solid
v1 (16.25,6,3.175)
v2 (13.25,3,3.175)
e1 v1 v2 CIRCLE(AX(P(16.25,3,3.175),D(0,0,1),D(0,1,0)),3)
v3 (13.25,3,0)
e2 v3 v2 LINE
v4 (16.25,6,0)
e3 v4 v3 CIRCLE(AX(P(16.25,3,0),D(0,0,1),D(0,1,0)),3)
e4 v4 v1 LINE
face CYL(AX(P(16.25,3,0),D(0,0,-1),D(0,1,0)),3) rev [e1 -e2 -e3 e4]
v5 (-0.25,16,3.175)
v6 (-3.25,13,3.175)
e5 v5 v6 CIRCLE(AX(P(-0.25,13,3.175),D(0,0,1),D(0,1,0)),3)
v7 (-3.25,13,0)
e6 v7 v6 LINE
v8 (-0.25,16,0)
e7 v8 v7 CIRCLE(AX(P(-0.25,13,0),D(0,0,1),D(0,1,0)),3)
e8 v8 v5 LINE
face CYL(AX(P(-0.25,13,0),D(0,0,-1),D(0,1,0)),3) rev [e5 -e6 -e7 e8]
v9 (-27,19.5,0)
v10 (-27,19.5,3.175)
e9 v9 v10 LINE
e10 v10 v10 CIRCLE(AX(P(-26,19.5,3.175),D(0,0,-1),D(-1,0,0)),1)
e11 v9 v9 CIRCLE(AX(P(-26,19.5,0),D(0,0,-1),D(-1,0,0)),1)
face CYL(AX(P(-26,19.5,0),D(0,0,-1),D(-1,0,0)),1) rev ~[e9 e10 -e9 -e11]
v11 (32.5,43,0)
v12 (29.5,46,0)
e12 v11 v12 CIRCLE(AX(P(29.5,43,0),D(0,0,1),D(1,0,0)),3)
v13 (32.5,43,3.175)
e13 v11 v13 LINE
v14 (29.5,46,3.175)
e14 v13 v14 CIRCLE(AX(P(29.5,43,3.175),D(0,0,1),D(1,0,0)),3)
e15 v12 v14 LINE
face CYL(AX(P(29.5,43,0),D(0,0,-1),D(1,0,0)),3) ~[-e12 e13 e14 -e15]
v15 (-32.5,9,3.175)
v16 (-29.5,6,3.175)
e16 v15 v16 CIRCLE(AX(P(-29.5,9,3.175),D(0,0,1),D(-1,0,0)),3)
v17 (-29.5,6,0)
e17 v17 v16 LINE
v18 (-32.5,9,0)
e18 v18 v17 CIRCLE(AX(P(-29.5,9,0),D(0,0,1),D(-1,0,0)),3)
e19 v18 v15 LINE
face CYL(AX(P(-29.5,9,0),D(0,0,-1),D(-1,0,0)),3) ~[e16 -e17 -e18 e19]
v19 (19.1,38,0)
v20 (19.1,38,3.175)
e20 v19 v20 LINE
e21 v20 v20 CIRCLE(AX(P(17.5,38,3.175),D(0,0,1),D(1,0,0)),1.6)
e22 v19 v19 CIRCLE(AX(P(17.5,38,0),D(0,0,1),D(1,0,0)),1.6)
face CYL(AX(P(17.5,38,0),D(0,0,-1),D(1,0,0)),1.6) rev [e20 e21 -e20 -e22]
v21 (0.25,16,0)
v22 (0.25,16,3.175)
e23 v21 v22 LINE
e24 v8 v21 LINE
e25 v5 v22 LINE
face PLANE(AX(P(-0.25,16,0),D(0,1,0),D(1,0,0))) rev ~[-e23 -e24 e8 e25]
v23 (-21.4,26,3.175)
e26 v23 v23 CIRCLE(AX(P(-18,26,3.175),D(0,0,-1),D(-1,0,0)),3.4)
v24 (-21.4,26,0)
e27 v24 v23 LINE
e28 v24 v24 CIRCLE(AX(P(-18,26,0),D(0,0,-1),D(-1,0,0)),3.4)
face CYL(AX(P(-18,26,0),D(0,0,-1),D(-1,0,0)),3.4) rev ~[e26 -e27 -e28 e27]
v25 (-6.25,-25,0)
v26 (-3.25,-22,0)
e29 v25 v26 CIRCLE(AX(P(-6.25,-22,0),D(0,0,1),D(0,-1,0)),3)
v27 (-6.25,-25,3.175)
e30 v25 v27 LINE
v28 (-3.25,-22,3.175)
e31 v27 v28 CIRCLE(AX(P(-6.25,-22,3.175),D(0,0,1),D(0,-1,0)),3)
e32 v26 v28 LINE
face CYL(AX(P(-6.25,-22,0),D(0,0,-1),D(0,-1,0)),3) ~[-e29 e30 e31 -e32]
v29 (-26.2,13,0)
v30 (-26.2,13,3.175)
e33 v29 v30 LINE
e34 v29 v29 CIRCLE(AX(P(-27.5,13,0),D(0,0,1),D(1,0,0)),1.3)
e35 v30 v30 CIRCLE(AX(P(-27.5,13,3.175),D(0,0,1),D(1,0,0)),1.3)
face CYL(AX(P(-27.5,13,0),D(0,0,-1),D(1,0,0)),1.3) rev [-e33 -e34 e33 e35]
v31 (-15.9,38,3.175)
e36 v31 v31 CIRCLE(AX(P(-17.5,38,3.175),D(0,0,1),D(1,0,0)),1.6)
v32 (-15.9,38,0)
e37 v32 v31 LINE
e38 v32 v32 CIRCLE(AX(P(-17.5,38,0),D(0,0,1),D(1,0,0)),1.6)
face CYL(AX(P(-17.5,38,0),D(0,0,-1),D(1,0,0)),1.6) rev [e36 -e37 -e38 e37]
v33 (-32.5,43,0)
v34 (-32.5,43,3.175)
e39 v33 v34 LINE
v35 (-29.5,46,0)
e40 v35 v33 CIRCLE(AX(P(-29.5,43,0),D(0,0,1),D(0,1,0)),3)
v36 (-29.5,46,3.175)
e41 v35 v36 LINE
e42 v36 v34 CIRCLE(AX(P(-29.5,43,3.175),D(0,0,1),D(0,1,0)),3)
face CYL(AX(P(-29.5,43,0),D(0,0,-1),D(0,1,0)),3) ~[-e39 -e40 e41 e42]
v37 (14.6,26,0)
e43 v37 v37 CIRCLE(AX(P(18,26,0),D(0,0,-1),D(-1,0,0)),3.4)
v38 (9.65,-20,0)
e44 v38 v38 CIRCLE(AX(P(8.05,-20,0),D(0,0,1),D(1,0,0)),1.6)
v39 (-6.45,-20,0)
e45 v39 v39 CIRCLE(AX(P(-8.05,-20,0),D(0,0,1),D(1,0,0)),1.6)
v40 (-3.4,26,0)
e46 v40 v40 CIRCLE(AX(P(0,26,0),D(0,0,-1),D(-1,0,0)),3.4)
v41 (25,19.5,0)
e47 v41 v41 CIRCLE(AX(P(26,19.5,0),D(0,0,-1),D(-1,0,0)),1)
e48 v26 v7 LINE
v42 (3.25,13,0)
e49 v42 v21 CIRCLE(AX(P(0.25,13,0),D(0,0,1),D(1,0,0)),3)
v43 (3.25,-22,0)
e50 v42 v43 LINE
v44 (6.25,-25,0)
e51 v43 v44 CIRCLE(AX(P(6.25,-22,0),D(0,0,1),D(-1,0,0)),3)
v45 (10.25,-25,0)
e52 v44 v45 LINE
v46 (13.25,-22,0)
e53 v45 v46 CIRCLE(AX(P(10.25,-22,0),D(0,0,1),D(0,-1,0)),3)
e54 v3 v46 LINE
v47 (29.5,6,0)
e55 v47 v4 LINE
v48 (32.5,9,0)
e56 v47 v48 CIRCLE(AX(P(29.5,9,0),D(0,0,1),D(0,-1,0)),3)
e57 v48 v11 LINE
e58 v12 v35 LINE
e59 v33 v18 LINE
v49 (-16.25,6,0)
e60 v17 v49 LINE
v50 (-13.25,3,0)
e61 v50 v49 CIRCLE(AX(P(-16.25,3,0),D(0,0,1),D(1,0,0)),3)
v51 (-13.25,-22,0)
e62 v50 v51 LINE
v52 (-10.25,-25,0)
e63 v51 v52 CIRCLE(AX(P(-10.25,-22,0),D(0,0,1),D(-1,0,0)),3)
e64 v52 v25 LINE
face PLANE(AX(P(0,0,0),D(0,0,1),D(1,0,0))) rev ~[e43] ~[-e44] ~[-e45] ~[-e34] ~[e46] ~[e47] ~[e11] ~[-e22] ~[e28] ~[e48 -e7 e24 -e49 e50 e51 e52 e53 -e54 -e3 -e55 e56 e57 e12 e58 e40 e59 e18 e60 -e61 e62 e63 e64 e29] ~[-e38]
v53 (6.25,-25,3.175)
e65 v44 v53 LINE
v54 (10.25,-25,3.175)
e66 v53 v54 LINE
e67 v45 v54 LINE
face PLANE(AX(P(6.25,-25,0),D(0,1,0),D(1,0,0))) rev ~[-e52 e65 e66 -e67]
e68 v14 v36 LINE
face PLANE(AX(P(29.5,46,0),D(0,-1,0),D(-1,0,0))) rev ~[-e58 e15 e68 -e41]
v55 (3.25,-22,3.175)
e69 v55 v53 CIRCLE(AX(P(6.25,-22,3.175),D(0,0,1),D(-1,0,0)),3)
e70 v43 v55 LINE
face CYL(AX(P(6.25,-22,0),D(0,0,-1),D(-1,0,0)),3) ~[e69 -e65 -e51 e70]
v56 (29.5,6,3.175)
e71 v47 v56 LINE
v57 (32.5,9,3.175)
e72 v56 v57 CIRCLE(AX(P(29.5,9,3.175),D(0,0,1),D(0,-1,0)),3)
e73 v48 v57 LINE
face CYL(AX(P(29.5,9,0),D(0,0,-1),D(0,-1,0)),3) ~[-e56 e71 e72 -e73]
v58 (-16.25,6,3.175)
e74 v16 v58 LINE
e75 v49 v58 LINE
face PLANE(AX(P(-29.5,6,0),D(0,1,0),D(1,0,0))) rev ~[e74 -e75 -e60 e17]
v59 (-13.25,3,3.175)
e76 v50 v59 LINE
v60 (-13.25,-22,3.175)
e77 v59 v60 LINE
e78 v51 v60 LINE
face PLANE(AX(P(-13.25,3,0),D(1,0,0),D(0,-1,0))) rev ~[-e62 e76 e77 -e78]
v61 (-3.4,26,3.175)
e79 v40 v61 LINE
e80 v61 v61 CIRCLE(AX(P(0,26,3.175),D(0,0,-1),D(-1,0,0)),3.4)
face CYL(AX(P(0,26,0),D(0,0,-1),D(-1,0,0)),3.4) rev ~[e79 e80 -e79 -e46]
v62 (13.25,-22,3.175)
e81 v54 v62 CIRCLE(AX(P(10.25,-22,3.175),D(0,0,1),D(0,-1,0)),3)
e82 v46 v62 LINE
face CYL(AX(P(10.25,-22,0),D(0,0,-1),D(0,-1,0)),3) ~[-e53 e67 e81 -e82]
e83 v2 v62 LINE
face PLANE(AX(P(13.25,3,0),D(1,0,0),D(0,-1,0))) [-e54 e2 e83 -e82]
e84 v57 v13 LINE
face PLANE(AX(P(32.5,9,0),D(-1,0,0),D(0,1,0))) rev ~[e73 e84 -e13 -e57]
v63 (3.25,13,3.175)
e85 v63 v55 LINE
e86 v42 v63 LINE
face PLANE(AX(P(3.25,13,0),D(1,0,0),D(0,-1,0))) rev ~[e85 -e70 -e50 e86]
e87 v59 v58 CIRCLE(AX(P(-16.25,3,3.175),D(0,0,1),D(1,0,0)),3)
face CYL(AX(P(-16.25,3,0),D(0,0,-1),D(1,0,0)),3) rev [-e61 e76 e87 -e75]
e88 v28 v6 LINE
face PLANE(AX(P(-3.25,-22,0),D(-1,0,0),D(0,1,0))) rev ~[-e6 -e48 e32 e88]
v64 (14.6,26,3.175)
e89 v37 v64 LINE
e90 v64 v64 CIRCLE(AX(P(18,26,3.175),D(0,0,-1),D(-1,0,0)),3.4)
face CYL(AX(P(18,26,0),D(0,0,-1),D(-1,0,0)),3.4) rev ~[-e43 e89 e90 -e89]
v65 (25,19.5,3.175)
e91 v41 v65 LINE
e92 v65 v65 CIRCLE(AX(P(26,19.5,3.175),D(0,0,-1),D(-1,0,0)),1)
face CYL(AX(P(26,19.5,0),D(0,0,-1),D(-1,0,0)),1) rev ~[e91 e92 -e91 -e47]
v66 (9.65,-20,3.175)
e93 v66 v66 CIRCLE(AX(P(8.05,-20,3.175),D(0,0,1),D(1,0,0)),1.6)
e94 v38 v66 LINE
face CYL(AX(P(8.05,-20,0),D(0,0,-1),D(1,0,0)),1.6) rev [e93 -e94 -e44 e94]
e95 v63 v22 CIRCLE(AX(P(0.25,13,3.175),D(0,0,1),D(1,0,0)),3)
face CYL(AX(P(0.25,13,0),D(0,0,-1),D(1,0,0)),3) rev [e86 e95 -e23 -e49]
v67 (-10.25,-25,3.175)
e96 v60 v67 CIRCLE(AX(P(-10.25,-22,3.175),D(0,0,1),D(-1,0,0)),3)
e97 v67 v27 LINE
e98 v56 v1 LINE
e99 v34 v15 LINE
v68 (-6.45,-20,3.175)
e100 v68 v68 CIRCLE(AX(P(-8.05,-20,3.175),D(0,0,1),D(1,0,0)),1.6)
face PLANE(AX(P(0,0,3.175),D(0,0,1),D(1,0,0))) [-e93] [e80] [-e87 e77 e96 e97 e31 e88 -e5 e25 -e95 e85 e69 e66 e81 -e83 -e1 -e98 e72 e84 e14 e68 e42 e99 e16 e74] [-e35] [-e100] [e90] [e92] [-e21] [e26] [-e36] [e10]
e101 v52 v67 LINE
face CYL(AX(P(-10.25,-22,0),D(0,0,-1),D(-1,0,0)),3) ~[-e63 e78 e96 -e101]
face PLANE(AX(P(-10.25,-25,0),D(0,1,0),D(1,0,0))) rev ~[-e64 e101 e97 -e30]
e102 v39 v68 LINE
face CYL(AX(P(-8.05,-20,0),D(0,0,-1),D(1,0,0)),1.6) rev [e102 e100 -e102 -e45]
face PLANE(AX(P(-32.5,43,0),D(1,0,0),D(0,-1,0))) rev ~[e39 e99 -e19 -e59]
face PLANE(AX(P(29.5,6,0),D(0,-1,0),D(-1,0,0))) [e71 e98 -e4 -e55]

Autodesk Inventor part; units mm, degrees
ref_plane "YZ Plane" through (0, 0, 0) normal (1, 0, 0) x (0, 1, 0)
ref_plane "XZ Plane" through (0, 0, 0) normal (0, 1, 0) x (-1, 0, 0)
ref_plane "XY Plane" through (0, 0, 0) normal (0, 0, 1) x (1, 0, 0)
sketch "Sketch2" plane through (0, 0, 0) normal (0, 0, 1) x (1, 0, 0)
  line L0 (-10.25, -25) -> (-6.25, -25)
  line L1 (-3.25, -22) -> (-3.25, 13)
  line L2 (-0.25, 16) -> (0.25, 16)
  line L3 (3.25, 13) -> (3.25, -22)
  line L4 (6.25, -25) -> (10.25, -25)
  line L5 (29.5, 46) -> (-29.5, 46)
  line L6 (-32.5, 43) -> (-32.5, 9)
  line L7 (0, 0) -> (0, 46) construction
  circle A0 centre (-17.5, 38) radius 1.6
  circle A1 centre (17.5, 38) radius 1.6
  circle A2 centre (-8.05, -20) radius 1.6
  circle A3 centre (8.05, -20) radius 1.6
  line L8 (0, 0) -> (32.5, 0) construction
  arc A4 (-0.25, 16) -> (-3.25, 13) centre (-0.25, 13) ccw
  arc A5 (3.25, 13) -> (0.25, 16) centre (0.25, 13) ccw
  arc A6 (-29.5, 46) -> (-32.5, 43) centre (-29.5, 43) ccw
  arc A7 (32.5, 43) -> (29.5, 46) centre (29.5, 43) ccw
  arc A8 (3.25, -22) -> (6.25, -25) centre (6.25, -22) ccw
  arc A9 (-6.25, -25) -> (-3.25, -22) centre (-6.25, -22) ccw
  circle A10 centre (-27.5, 13) radius 1.3
  line L9 (29.5, 6) -> (16.25, 6)
  line L10 (13.25, 3) -> (13.25, -22)
  line L11 (-29.5, 6) -> (-16.25, 6)
  line L12 (-13.25, 3) -> (-13.25, -22)
  line L13 (32.5, 9) -> (32.5, 43)
  arc A11 (10.25, -25) -> (13.25, -22) centre (10.25, -22) ccw
  arc A12 (-13.25, -22) -> (-10.25, -25) centre (-10.25, -22) ccw
  arc A13 (16.25, 6) -> (13.25, 3) centre (16.25, 3) ccw
  arc A14 (-13.25, 3) -> (-16.25, 6) centre (-16.25, 3) ccw
  arc A15 (29.5, 6) -> (32.5, 9) centre (29.5, 9) ccw
  arc A16 (-32.5, 9) -> (-29.5, 6) centre (-29.5, 9) ccw
  point P0 (-3.25, 16)
  point P1 (3.25, 16)
  point P2 (3.25, -25)
  point P3 (32.5, 6)
  point P4 (13.25, 6)
  point P5 (-13.25, 6)
  point P6 (13.25, -25)
  point P7 (-13.25, -25)
  point P8 (-32.5, 6)
  dimension "d1" = 16.1
  dimension "d3" = 16
  dimension "d4" = 20
  dimension "d5" = 5
  dimension "d6" = 6.5
  dimension "d7" = 3.2
  dimension "d13" = 8
  dimension "d14" = 15
  dimension "d16" = 30
  dimension "d18" = 3.2
  dimension "d19" = 3
  dimension "d20" = 3
  dimension "d23" = 5
  dimension "d24" = 33
  dimension "d25" = 2.6
  dimension "d26" = 32.5
  dimension "d27" = 10
  dimension "d28" = 3
  dimension "d29" = 40
extrude "Extrusion1" add sketch "Sketch2" along normal blind 3.175
sketch "Sketch3" plane through (0, 0, 0) normal (0, 0, -1) x (-1, 0, 0)
  circle A0 centre (0, 26) radius 3.4
  circle A1 centre (18, 26) radius 3.4
  circle A2 centre (-18, 26) radius 3.4
  line L0 (-29.5, 46) -> (29.5, 46) projected
  line L1 (-32.5, 9) -> (-32.5, 43) construction
  line L2 (-32.5, 26) -> (32.5, 26) construction
  line L3 (32.5, 43) -> (32.5, 9) construction
  line L4 (-18, 26) -> (18, 26) construction
  line L5 (-29.5, 46) -> (29.5, 46) construction
  line L6 (0, 46) -> (0, 26) construction
  circle A3 centre (-26, 19.5) radius 1
  circle A4 centre (26, 19.5) radius 1
  line L7 (0, 26) -> (0, 46) construction
  point P0 (0, 0)
  dimension "d30" = 6.8
  dimension "d34" = 18
  dimension "d35" = 18
  dimension "d38" = 52
  dimension "d39" = 6.5
  dimension "d40" = 2
extrude "Extrusion2" cut sketch "Sketch3" against normal up to next
properties part number "shovel_mount"
